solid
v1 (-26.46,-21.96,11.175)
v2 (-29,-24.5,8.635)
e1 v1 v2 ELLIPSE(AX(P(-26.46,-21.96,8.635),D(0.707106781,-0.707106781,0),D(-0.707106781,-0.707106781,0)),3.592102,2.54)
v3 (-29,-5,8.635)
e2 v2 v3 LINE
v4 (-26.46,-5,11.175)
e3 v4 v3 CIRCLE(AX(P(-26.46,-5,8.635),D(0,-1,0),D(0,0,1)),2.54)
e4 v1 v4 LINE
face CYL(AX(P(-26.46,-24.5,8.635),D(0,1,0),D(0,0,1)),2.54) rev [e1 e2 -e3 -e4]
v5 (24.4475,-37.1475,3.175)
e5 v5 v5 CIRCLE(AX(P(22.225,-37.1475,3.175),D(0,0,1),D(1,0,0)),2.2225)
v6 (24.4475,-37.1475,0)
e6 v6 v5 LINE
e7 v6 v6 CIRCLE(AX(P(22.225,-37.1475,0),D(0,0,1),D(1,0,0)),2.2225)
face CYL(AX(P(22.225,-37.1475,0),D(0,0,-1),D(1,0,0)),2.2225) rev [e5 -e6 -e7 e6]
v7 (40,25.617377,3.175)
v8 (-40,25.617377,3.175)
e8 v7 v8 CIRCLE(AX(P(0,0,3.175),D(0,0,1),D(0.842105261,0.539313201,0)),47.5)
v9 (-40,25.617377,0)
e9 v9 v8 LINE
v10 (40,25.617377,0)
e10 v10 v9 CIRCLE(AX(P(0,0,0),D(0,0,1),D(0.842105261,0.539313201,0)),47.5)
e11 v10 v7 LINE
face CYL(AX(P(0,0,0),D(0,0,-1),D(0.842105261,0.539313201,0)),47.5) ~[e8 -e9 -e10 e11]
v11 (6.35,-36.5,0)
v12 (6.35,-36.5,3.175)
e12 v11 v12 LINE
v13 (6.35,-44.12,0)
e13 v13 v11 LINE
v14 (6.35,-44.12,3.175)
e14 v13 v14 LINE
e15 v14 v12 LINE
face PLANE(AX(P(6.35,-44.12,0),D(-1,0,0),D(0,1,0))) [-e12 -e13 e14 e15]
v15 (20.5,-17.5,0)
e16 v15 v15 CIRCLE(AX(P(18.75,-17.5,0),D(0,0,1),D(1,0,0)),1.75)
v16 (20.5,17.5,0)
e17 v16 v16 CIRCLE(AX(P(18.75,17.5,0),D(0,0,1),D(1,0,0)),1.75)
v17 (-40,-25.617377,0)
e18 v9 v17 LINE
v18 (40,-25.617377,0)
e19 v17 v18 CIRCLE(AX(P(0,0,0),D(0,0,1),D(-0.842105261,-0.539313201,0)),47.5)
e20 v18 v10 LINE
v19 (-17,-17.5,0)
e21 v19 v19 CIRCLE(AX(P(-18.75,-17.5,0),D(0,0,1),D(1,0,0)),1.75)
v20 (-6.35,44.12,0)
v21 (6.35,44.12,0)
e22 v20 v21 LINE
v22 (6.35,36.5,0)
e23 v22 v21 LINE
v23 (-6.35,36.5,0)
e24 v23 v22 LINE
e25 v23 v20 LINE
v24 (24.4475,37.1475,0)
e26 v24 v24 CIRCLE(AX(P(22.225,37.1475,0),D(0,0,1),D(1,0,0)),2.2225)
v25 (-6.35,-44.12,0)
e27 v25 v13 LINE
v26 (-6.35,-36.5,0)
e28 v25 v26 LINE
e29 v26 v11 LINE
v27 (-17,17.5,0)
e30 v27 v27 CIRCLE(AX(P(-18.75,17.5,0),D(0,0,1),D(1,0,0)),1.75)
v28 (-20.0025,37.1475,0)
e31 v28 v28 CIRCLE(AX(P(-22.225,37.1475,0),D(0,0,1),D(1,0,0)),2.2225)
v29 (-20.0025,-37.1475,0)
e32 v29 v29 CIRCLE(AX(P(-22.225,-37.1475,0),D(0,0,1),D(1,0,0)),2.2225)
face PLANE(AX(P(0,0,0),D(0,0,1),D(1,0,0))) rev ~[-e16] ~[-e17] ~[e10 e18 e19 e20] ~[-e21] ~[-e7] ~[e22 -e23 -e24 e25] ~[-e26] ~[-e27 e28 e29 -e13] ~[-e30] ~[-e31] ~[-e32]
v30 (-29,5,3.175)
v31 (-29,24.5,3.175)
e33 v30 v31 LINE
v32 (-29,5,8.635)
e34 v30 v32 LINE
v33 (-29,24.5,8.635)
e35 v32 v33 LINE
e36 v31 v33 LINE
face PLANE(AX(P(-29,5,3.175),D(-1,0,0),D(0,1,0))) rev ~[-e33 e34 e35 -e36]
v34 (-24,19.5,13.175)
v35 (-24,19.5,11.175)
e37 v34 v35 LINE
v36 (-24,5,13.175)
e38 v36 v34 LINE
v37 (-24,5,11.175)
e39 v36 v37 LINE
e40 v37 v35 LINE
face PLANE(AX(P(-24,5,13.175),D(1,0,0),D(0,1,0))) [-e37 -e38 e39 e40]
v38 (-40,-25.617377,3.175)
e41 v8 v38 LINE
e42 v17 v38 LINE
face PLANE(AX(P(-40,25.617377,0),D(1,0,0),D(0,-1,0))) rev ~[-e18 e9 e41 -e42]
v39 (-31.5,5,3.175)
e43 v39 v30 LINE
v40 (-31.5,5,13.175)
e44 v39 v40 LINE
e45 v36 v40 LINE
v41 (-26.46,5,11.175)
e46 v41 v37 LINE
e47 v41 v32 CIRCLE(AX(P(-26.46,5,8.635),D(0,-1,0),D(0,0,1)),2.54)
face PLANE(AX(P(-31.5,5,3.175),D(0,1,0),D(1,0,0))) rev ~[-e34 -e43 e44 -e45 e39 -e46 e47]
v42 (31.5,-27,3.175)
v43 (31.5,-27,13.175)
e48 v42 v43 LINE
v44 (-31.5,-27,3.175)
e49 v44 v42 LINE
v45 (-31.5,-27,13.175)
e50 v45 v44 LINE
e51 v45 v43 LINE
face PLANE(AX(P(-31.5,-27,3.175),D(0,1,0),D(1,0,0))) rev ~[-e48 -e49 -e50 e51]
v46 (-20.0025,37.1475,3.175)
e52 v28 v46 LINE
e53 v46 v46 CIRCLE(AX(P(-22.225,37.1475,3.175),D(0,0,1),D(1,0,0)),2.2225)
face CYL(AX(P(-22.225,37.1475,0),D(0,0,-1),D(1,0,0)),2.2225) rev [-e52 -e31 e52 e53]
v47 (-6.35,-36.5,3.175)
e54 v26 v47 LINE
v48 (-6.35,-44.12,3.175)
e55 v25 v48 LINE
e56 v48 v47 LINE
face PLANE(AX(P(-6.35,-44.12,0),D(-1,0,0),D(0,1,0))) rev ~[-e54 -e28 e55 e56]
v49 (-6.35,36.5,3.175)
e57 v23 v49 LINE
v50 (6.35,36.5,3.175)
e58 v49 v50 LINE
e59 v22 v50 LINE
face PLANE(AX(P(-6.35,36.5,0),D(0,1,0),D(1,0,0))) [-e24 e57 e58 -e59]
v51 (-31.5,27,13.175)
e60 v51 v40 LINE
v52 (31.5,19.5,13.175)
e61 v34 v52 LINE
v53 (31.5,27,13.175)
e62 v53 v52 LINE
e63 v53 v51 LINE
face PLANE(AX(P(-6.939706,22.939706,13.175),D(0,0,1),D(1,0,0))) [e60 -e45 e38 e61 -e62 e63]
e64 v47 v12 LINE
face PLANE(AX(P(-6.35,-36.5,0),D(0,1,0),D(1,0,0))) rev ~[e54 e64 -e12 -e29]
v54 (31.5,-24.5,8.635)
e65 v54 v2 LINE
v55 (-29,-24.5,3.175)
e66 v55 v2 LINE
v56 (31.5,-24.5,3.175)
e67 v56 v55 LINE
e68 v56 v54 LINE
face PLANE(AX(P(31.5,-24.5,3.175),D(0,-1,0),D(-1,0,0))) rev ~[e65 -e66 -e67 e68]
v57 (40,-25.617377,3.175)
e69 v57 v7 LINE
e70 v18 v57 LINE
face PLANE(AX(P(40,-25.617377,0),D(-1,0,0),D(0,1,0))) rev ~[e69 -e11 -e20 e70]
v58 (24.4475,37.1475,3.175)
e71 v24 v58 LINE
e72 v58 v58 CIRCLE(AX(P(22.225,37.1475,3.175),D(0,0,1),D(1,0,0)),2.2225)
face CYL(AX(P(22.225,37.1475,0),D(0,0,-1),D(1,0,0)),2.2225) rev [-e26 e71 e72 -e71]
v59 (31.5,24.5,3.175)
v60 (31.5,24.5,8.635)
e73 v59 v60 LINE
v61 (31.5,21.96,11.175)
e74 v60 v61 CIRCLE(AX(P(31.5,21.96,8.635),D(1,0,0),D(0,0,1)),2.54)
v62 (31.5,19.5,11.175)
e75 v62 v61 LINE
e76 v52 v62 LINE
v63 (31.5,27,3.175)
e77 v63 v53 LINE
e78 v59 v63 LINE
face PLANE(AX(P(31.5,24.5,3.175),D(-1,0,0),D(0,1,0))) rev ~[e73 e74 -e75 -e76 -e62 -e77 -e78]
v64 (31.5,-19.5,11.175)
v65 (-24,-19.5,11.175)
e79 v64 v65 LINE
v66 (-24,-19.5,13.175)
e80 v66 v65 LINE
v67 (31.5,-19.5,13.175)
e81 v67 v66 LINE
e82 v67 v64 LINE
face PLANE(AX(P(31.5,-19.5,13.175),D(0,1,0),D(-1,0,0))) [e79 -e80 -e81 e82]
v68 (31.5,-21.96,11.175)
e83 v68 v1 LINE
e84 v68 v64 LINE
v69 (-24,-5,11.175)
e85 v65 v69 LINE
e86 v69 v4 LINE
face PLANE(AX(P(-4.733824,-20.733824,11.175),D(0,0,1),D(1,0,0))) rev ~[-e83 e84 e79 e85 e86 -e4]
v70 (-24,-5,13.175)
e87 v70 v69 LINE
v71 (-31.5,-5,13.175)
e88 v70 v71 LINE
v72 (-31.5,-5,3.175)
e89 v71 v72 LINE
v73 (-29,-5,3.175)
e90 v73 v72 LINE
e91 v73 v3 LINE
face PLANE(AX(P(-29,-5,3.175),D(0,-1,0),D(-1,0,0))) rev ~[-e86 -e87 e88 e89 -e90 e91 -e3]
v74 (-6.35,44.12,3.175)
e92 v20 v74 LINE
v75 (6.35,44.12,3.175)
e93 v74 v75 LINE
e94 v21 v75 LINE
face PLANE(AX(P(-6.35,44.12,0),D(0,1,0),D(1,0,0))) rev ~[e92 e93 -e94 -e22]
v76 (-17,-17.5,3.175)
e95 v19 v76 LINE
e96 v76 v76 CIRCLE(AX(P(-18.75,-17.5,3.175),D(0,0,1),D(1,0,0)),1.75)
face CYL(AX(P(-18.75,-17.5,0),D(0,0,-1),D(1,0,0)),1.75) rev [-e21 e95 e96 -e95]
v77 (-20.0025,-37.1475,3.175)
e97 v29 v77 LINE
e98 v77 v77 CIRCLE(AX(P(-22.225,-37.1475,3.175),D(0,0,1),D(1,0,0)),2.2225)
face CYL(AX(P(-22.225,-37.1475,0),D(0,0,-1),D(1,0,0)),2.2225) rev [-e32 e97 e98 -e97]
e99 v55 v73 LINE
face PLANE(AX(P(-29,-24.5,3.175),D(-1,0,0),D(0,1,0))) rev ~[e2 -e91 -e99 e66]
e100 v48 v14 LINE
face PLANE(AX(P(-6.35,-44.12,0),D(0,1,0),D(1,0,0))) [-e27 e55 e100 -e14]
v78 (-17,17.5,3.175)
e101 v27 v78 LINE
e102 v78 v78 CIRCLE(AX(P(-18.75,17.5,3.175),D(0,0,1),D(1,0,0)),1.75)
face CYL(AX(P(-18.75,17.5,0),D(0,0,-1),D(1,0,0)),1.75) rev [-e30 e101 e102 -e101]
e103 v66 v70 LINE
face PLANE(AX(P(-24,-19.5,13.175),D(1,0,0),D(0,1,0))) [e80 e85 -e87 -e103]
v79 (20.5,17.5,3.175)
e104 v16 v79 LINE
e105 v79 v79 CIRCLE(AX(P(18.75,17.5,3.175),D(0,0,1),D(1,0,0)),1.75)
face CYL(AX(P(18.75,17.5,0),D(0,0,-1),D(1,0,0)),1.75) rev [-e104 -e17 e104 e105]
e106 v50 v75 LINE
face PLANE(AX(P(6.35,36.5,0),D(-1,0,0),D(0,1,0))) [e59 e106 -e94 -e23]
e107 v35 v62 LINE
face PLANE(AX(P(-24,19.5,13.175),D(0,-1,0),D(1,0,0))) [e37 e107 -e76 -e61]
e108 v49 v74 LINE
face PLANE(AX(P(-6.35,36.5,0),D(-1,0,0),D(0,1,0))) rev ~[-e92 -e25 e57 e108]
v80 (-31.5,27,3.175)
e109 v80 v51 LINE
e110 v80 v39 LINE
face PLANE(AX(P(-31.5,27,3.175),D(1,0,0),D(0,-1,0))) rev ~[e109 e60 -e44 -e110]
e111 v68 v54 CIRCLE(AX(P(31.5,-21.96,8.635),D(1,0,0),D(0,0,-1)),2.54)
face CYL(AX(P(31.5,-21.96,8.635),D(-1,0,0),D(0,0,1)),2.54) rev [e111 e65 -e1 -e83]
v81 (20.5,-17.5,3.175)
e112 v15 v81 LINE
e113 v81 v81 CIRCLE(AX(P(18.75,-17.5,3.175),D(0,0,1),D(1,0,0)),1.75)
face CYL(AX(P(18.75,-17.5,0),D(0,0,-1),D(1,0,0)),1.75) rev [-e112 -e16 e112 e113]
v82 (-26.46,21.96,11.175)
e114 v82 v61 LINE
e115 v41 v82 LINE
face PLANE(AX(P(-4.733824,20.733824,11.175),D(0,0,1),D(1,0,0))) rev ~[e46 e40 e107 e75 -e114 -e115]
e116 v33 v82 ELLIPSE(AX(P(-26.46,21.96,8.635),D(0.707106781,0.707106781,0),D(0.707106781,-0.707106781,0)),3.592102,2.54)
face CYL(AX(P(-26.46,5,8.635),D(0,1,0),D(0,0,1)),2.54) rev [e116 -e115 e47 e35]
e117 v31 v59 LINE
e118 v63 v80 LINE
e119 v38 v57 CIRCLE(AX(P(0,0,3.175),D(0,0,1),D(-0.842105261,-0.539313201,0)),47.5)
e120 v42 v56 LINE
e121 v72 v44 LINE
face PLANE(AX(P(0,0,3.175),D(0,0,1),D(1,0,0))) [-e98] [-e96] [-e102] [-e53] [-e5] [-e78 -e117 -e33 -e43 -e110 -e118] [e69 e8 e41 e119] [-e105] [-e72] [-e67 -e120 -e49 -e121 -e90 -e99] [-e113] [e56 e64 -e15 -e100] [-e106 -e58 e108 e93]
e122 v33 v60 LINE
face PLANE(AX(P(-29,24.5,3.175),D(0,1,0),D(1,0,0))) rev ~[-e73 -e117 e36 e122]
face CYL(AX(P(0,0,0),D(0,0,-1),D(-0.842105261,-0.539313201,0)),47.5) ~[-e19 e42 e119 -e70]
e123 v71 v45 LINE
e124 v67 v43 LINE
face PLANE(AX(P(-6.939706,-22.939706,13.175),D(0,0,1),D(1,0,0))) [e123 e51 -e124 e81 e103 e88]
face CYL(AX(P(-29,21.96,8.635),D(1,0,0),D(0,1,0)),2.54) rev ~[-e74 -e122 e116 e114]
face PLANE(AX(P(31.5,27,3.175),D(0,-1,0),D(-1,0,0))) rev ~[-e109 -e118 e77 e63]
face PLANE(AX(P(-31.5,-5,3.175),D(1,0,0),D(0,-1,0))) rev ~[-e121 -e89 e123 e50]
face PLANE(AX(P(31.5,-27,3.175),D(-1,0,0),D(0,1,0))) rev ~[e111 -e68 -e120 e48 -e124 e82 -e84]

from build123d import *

# Parameters (mm, degrees)
F0_R     = 2.2225
F0_R_2   = 1.75
F0_W     = 12.7
F0_H     = 7.62
F1_DEPTH = 3.175
F3_DEPTH = 10
F5_DEPTH = 2
F6_R     = 2.54


with BuildPart() as f1:
    # F0 (on Top) → F1 (new body)
    with BuildSketch(Plane.XY):
        with BuildLine():
            Line((40, -25.617377), (40, 25.617377))
            ThreePointArc((40, 25.617377), (0, 47.5), (-40, 25.617377))
            Line((-40, 25.617377), (-40, -25.617377))
            ThreePointArc((-40, -25.617377), (0, -47.5), (40, -25.617377))
        make_face()
        with Locations((-22.225, -37.1475)):
            Circle(F0_R, mode=Mode.SUBTRACT)
        with Locations((-18.75, -17.5)):
            Circle(F0_R_2, mode=Mode.SUBTRACT)
        with Locations((0, -40.31)):
            Rectangle(F0_W, F0_H, mode=Mode.SUBTRACT)
        with Locations((22.225, -37.1475)):
            Circle(F0_R, mode=Mode.SUBTRACT)
        with Locations((18.75, -17.5)):
            Circle(F0_R_2, mode=Mode.SUBTRACT)
        with Locations((-18.75, 17.5)):
            Circle(F0_R_2, mode=Mode.SUBTRACT)
        with Locations((-22.225, 37.1475)):
            Circle(F0_R, mode=Mode.SUBTRACT)
        with Locations((18.75, 17.5)):
            Circle(F0_R_2, mode=Mode.SUBTRACT)
        with Locations((0, 40.31)):
            Rectangle(F0_W, F0_H, mode=Mode.SUBTRACT)
        with Locations((22.225, 37.1475)):
            Circle(F0_R, mode=Mode.SUBTRACT)
    extrude(amount=F1_DEPTH)

    # F2 (on face) → F3 (join)
    with BuildSketch(Plane.XY.offset(3.175)):
        Polygon((-31.5, -24.5), (-31.5, -27), (31.5, -27), (31.5, -24.5), (-29, -24.5), (-29, -5), (-31.5, -5), align=None)
        Polygon((31.5, 24.5), (31.5, 27), (-31.5, 27), (-31.5, 24.5), (-31.5, 5), (-29, 5), (-29, 24.5), align=None)
    extrude(amount=F3_DEPTH)

    # F4 (on face) → F5 (join)
    with BuildSketch(Plane.XY.offset(13.175)):
        Polygon((-31.5, -27), (31.5, -27), (31.5, -19.5), (-24, -19.5), (-24, -5), (-31.5, -5), (-31.5, -19.5), align=None)
        Polygon((-31.5, 14.288086), (-31.5, 5), (-24, 5), (-24, 19.5), (31.5, 19.5), (31.5, 27), (-31.5, 27), (-31.5, 20.743756), (-31.5, 19.5), align=None)
    extrude(amount=-F5_DEPTH)

    # F6
    f6_edges = [f1.edges().sort_by_distance(p)[0] for p in [
        (1.25, -24.5, 11.175),
        (1.25, 24.5, 11.175),
        (-29, -14.75, 11.175),
        (-29, 14.75, 11.175),
    ]]
    fillet(f6_edges, radius=F6_R)


solid = f1.part
